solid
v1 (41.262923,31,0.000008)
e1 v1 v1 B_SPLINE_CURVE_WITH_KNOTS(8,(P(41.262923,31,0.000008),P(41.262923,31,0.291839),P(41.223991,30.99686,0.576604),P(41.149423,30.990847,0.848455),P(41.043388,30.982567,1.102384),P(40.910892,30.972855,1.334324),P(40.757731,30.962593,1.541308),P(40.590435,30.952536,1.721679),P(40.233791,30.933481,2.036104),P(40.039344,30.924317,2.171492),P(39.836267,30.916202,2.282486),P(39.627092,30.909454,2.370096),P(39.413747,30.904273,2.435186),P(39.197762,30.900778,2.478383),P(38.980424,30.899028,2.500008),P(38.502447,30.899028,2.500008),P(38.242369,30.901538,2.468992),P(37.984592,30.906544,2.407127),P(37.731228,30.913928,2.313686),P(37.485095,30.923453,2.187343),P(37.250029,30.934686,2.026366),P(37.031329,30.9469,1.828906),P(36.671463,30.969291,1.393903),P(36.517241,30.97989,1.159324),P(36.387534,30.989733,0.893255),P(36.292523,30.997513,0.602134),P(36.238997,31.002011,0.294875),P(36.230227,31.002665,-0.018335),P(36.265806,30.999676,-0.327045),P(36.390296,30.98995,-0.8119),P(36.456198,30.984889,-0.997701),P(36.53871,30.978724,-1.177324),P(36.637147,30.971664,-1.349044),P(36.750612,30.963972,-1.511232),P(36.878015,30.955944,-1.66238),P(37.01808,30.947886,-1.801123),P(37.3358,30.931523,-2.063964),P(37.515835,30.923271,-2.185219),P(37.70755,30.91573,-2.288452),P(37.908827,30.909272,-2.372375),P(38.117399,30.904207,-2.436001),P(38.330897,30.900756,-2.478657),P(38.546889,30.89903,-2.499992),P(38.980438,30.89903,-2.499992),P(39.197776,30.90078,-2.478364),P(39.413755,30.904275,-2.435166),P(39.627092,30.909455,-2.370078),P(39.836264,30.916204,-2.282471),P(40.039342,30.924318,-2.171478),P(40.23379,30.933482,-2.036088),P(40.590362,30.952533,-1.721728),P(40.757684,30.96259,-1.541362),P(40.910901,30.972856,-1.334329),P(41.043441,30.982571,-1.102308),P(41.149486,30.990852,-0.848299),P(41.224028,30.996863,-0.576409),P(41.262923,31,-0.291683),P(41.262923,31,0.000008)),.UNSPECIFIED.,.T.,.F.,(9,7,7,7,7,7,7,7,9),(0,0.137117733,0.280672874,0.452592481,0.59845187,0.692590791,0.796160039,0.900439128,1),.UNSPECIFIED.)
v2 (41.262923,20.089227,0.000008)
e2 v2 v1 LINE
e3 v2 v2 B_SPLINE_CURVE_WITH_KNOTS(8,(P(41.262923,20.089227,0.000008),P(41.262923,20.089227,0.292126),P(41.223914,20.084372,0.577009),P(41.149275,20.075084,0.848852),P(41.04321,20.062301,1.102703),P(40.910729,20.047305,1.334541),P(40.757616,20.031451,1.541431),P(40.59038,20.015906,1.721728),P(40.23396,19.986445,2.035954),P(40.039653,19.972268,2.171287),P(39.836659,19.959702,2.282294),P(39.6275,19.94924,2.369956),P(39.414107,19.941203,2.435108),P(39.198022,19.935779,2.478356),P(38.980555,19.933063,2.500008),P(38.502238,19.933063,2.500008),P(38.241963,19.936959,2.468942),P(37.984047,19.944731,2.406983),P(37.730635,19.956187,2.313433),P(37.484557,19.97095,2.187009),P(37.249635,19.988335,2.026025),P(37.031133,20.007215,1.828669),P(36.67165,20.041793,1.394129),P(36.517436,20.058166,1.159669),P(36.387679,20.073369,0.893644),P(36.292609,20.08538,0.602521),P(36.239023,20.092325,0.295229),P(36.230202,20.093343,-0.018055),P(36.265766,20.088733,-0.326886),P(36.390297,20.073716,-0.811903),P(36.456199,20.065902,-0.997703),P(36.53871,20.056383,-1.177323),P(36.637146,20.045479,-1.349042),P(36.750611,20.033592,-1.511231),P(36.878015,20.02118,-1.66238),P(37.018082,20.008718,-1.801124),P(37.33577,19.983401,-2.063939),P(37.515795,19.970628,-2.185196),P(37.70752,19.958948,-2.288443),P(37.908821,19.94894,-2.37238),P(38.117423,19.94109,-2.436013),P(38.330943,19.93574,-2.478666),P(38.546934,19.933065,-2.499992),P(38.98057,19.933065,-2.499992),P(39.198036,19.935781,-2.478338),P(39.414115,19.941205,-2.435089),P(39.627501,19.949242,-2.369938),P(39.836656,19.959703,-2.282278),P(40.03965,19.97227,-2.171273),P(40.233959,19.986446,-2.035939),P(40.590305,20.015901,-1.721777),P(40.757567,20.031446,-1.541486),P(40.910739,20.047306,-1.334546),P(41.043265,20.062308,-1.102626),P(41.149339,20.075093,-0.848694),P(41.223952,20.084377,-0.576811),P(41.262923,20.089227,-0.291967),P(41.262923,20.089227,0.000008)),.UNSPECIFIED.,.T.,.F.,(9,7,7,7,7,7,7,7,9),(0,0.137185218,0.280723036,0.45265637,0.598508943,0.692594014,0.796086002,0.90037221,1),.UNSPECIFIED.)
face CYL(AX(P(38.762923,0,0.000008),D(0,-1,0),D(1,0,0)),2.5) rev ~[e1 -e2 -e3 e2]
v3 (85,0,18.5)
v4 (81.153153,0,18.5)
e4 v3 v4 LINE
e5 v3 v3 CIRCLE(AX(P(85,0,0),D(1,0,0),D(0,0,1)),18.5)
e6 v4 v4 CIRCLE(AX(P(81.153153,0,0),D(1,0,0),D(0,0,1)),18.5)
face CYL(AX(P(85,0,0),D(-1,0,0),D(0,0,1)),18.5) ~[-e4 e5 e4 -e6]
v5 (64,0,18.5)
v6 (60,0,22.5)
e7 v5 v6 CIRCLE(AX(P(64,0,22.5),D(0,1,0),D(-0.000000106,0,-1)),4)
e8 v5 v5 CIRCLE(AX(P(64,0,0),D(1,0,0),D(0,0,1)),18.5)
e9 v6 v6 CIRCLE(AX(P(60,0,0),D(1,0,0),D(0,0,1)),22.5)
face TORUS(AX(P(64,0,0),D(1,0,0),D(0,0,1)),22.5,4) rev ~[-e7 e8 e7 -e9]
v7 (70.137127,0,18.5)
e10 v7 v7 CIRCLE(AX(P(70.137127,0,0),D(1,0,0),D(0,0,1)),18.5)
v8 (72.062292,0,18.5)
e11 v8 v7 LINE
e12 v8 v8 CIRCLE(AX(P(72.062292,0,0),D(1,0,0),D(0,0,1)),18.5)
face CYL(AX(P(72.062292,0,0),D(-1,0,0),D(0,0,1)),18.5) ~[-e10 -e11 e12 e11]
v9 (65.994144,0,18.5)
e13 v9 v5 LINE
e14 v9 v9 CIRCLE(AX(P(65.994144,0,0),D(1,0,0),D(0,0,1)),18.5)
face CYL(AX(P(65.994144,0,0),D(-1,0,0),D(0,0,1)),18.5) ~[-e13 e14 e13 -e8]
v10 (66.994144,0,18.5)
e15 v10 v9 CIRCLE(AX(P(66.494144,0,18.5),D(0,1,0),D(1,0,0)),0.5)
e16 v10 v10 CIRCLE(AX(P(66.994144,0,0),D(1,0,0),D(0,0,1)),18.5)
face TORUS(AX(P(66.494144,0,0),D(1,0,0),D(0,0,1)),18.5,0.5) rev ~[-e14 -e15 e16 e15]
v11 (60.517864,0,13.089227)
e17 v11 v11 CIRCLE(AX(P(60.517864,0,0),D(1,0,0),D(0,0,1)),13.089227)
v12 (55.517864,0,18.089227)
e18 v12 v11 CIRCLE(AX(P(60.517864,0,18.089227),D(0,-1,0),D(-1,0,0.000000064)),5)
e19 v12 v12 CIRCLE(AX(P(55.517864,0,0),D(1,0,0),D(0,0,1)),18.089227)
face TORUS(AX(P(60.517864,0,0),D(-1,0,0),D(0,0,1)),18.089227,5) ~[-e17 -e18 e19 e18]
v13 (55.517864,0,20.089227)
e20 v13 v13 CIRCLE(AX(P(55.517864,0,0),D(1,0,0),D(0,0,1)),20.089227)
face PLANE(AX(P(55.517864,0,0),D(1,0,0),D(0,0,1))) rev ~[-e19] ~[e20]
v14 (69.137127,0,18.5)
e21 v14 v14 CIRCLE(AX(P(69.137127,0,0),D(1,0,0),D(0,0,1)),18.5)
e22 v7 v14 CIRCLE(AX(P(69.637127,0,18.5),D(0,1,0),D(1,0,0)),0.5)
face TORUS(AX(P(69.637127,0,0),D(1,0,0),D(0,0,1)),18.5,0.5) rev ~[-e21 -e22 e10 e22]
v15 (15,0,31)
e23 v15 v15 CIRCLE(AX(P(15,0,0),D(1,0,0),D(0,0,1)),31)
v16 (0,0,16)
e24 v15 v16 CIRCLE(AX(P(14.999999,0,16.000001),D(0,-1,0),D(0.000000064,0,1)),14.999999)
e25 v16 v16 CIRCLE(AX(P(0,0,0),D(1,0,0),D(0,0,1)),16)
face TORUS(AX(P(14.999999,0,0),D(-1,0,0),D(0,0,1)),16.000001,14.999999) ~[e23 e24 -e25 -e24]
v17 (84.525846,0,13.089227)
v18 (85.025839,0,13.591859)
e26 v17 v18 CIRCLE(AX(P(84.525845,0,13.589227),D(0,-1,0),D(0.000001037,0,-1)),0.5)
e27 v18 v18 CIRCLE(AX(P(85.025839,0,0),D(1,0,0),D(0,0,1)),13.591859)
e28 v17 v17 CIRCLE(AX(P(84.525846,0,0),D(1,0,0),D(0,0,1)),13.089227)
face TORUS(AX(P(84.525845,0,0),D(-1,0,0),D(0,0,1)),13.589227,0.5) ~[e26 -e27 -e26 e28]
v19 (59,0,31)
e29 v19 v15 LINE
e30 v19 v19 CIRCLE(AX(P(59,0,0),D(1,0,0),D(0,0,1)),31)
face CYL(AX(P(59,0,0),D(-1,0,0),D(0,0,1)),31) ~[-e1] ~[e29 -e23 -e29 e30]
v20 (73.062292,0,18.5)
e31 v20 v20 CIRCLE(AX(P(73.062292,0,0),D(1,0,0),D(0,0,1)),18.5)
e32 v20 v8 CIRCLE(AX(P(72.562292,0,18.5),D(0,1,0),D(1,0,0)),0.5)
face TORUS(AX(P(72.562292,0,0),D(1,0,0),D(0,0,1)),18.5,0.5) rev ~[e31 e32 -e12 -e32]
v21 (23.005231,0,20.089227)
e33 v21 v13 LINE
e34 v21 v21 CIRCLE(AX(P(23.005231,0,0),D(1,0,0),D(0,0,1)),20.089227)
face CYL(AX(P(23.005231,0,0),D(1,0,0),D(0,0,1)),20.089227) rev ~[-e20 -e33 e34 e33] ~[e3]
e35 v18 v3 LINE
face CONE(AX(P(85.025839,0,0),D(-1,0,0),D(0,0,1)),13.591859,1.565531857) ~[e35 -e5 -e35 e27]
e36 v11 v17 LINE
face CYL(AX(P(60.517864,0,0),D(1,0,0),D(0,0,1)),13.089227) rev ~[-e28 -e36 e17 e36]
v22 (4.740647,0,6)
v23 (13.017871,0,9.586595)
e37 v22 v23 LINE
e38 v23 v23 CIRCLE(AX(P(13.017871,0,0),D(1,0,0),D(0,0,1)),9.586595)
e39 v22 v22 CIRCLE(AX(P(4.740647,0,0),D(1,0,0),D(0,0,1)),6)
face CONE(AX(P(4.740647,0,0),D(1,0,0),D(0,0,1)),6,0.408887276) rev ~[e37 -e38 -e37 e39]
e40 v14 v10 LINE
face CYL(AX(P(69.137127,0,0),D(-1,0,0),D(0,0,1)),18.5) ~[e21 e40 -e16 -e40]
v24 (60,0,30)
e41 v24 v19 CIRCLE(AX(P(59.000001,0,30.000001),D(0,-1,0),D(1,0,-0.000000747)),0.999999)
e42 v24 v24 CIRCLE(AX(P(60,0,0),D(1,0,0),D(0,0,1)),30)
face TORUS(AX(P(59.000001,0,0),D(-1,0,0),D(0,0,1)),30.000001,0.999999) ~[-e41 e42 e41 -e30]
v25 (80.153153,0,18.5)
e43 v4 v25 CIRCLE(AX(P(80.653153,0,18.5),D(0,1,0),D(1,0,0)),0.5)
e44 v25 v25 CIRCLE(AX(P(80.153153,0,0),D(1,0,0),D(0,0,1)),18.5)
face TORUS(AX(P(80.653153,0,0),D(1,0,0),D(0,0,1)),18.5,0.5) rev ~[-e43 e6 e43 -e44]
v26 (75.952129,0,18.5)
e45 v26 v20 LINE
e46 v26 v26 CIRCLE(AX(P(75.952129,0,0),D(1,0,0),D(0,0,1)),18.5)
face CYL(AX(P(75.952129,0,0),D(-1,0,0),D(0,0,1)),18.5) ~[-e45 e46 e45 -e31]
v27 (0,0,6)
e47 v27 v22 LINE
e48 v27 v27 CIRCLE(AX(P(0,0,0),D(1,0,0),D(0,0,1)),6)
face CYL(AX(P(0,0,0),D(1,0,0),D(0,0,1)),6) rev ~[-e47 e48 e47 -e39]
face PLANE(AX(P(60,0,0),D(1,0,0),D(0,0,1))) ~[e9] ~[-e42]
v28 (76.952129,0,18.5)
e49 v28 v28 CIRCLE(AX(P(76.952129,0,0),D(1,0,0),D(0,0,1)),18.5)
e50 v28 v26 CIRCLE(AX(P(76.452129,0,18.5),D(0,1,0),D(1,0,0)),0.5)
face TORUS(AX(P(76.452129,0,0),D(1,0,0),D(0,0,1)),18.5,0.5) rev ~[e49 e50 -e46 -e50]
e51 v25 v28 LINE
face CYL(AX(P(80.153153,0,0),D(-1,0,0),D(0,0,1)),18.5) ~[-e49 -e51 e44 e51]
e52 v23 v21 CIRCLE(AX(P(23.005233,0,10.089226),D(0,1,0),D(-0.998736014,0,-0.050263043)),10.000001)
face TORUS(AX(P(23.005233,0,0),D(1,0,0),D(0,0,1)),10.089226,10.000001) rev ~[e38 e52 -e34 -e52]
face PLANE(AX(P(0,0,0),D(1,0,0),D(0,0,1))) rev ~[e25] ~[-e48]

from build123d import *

# Parameters (mm, degrees)
F2_R     = 2.5
F3_DEPTH = 31.001


with BuildPart() as f1:
    # F0 (on Front) → F1 (revolve)
    with BuildSketch(Plane.XZ):
        with BuildLine():
            Line((59, 31), (15, 31))
            ThreePointArc((15, 31), (4.393398, 26.606602), (0, 16))
            Line((0, 16), (0, 6))
            Line((0, 6), (4.740647, 6))
            Line((4.740647, 6), (13.017871, 9.586595))
            ThreePointArc((13.017871, 9.586595), (15.758635, 16.980296), (23.005231, 20.089227))
            Line((23.005231, 20.089227), (55.517864, 20.089227))
            Line((55.517864, 20.089227), (55.517864, 18.089227))
            ThreePointArc((55.517864, 18.089227), (56.98233, 14.553693), (60.517864, 13.089227))
            Line((60.517864, 13.089227), (84.525846, 13.089227))
            ThreePointArc((84.525846, 13.089227), (84.880328, 13.236605), (85.025839, 13.591859))
            Line((85.025839, 13.591859), (85, 18.5))
            Line((85, 18.5), (81.153153, 18.5))
            ThreePointArc((81.153153, 18.5), (80.653153, 18), (80.153153, 18.5))
            Line((80.153153, 18.5), (76.952129, 18.5))
            ThreePointArc((76.952129, 18.5), (76.452129, 18), (75.952129, 18.5))
            Line((75.952129, 18.5), (73.062292, 18.5))
            ThreePointArc((73.062292, 18.5), (72.562292, 18), (72.062292, 18.5))
            Line((72.062292, 18.5), (70.137127, 18.5))
            ThreePointArc((70.137127, 18.5), (69.637127, 18), (69.137127, 18.5))
            Line((69.137127, 18.5), (66.994144, 18.5))
            ThreePointArc((66.994144, 18.5), (66.494144, 18), (65.994144, 18.5))
            Line((65.994144, 18.5), (64, 18.5))
            ThreePointArc((64, 18.5), (61.171573, 19.671573), (60, 22.5))
            Line((60, 22.5), (60, 30))
            ThreePointArc((60, 30), (59.707107, 30.707107), (59, 31))
        make_face()
    revolve(axis=Axis((39.523, 0, 0), (1, 0, 0)))

    # F2 (on Front) → F3 (cut, through all)
    with BuildSketch(Plane.XZ):
        with Locations((38.762923, 8e-06)):
            Circle(F2_R)
    extrude(amount=-F3_DEPTH, mode=Mode.SUBTRACT)


solid = f1.part
